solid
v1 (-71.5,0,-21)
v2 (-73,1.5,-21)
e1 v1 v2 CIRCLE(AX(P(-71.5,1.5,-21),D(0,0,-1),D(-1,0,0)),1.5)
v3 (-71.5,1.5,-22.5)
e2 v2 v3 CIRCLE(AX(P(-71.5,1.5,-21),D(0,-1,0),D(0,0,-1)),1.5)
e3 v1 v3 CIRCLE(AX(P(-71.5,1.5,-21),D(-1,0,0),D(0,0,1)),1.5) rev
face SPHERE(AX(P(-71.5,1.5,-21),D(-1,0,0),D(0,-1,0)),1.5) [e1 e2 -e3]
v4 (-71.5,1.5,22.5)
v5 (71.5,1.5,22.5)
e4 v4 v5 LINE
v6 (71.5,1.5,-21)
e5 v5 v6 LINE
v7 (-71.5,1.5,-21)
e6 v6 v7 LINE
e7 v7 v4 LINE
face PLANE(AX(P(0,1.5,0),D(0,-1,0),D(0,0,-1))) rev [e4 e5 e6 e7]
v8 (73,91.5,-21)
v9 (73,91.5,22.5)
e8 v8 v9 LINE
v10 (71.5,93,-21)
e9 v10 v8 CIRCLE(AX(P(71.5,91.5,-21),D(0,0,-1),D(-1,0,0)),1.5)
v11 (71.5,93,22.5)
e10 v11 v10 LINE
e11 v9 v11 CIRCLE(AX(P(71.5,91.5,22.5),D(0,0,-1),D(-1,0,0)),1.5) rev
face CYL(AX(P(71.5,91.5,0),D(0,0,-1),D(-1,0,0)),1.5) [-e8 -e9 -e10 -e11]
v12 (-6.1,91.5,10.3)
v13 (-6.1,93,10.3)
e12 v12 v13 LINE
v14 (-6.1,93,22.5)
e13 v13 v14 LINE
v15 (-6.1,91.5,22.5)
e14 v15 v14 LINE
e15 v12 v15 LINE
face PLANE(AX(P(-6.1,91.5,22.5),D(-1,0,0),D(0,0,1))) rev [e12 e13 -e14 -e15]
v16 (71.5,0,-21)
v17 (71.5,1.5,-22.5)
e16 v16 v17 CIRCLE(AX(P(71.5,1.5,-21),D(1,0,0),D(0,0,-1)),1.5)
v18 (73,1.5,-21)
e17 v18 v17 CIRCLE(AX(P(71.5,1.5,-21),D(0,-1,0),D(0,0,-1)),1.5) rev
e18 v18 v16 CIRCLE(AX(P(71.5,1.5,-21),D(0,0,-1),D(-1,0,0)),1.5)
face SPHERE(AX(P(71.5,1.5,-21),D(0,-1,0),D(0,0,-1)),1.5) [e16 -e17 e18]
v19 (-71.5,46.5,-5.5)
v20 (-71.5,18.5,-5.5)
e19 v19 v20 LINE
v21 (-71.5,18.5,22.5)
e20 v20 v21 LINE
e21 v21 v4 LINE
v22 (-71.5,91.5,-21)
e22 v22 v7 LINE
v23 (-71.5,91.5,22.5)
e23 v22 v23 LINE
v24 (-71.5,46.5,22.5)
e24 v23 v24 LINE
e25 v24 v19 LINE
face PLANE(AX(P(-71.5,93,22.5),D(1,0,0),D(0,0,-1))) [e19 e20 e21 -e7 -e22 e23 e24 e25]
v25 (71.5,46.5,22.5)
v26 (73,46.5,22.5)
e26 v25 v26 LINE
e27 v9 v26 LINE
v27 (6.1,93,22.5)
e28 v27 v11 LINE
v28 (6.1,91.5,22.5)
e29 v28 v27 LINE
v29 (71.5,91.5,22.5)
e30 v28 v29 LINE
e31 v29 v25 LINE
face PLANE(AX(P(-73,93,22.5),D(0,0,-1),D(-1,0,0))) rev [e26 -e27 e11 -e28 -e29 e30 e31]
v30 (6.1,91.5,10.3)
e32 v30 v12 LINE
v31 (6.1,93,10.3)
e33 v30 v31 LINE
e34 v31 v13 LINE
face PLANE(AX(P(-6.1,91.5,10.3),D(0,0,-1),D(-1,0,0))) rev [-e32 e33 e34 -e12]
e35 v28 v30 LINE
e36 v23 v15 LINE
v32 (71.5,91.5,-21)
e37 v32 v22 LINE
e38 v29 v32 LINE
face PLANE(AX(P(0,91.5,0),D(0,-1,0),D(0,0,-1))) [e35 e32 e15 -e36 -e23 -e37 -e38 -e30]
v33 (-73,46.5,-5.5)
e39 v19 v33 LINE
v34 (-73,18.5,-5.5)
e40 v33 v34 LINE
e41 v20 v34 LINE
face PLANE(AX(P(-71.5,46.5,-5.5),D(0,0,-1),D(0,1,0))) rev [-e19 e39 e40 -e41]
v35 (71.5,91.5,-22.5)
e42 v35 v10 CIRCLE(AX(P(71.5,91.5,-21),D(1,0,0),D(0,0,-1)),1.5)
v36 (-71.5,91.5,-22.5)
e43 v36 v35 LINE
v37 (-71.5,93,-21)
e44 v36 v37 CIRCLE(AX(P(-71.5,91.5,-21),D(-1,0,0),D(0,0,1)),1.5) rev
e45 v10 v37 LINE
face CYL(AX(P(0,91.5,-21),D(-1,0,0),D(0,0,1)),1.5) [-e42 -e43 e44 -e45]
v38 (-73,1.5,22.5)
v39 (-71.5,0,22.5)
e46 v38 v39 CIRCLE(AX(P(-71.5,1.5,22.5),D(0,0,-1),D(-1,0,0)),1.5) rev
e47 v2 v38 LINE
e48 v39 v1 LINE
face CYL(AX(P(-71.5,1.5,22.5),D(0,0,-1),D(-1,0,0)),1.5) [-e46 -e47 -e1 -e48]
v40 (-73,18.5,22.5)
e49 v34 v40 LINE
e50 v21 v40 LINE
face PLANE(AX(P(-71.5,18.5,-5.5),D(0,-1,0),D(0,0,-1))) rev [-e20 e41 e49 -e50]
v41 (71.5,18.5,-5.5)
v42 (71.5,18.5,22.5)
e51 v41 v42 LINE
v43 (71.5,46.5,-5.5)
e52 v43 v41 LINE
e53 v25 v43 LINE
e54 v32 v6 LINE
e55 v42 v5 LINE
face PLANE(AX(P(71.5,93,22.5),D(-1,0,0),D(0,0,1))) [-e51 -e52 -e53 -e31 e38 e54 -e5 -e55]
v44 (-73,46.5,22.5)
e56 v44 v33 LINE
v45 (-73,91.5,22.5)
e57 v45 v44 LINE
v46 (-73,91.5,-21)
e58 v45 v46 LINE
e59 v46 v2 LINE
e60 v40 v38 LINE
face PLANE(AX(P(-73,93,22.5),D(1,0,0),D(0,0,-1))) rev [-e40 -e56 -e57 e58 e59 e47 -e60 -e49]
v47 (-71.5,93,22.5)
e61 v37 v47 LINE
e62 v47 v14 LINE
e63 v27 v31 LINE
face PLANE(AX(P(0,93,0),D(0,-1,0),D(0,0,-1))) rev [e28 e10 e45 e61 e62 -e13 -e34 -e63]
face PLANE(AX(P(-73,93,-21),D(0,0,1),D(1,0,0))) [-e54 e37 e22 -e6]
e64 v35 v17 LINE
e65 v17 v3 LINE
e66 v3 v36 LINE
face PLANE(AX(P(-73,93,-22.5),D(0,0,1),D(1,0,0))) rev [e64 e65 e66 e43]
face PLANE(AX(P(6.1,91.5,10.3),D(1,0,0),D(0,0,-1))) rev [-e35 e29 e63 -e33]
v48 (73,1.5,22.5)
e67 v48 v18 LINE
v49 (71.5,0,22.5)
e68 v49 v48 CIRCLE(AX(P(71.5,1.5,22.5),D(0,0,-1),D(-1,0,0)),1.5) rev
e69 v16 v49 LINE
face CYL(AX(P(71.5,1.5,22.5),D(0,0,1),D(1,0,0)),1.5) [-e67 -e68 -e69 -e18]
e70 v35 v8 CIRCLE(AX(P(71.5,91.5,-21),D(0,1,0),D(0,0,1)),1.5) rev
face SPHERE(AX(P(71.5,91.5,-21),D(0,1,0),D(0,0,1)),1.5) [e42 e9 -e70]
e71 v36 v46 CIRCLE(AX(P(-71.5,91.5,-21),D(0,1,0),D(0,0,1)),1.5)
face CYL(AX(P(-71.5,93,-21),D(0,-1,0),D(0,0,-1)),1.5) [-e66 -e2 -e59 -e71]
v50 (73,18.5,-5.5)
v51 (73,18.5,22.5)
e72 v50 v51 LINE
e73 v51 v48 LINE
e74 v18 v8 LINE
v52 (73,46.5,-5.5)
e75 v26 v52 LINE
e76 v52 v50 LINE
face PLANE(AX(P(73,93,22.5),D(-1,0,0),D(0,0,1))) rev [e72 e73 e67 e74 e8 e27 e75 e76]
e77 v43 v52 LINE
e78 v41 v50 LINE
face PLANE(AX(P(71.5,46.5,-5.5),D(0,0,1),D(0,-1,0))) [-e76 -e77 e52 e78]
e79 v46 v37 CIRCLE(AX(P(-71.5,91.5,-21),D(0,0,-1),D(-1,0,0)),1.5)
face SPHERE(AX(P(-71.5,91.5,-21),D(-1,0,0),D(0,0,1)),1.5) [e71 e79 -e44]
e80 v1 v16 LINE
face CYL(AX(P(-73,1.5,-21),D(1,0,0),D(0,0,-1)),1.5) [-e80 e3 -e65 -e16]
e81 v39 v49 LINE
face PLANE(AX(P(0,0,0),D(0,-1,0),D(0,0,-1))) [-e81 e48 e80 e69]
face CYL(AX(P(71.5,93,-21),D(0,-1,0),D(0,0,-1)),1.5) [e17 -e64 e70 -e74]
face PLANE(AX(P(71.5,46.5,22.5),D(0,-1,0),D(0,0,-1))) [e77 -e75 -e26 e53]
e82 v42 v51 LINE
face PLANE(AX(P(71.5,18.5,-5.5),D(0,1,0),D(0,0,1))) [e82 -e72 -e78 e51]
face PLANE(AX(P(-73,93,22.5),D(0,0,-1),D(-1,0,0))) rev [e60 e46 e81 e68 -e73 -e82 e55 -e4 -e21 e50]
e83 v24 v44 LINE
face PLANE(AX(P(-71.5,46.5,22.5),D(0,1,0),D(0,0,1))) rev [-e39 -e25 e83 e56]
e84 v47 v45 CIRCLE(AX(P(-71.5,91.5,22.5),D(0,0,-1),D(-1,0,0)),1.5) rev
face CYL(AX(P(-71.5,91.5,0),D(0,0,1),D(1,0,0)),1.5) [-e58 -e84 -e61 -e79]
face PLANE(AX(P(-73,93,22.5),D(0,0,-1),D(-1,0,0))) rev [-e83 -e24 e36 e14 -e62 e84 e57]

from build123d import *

# Parameters (mm, degrees)
SKETCH_1_W          = 146
SKETCH_1_H          = 45
EXTRUDE_1_DEPTH     = 93
SHELL_1_T           = -1.5
SKETCH_2_W          = 28
SKETCH_2_H          = 28
CUT_EXTRUDE_1_DEPTH = 1.5
SKETCH_4_W          = 12.2
SKETCH_4_H          = 12.2
CUT_EXTRUDE_2_DEPTH = 1.5
FILLET_1_R          = 1.5


with BuildPart() as part:
    # 草图1 → 凸台-拉伸1 (new body)
    with BuildSketch(Plane(origin=(0, 0, 0), x_dir=(1, 0, 0), z_dir=(0, 1, 0))):
        Rectangle(SKETCH_1_W, SKETCH_1_H)
    extrude(amount=EXTRUDE_1_DEPTH)

    # 抽壳1
    shell_1_openings = [part.faces().sort_by_distance(p)[0] for p in [
        (0, 46.5, 22.5),
    ]]
    offset(amount=SHELL_1_T, openings=shell_1_openings, kind=Kind.INTERSECTION)

    # 草图2 → 切除-拉伸1 (cut)
    with BuildSketch(Plane.ZY.offset(73)):
        with Locations((8.5, 32.5)):
            Rectangle(SKETCH_2_W, SKETCH_2_H)
    cut_extrude_1 = extrude(amount=-CUT_EXTRUDE_1_DEPTH, mode=Mode.SUBTRACT)

    # 草图4 → 切除-拉伸2 (cut)
    with BuildSketch(Plane(origin=(0, 93, 0), x_dir=(1, 0, 0), z_dir=(0, 1, 0))):
        with Locations((0, -16.4)):
            Rectangle(SKETCH_4_W, SKETCH_4_H)
    extrude(amount=-CUT_EXTRUDE_2_DEPTH, mode=Mode.SUBTRACT)

    # 镜向1: 切除-拉伸1 across plane
    add(cut_extrude_1.mirror(Plane(origin=(0, 0, 0), x_dir=(0, 0, 1), z_dir=(1, 0, 0))), mode=Mode.SUBTRACT)

    # 圆角1
    fillet_1_edges = [part.edges().sort_by_distance(p)[0] for p in [
        (-73, 93, 0),
        (73, 93, 0),
        (-73, 0, 0),
        (0, 0, -22.5),
        (73, 0, 0),
        (-73, 46.5, -22.5),
        (73, 46.5, -22.5),
        (0, 93, -22.5),
    ]]
    fillet(fillet_1_edges, radius=FILLET_1_R)


solid = part.part
